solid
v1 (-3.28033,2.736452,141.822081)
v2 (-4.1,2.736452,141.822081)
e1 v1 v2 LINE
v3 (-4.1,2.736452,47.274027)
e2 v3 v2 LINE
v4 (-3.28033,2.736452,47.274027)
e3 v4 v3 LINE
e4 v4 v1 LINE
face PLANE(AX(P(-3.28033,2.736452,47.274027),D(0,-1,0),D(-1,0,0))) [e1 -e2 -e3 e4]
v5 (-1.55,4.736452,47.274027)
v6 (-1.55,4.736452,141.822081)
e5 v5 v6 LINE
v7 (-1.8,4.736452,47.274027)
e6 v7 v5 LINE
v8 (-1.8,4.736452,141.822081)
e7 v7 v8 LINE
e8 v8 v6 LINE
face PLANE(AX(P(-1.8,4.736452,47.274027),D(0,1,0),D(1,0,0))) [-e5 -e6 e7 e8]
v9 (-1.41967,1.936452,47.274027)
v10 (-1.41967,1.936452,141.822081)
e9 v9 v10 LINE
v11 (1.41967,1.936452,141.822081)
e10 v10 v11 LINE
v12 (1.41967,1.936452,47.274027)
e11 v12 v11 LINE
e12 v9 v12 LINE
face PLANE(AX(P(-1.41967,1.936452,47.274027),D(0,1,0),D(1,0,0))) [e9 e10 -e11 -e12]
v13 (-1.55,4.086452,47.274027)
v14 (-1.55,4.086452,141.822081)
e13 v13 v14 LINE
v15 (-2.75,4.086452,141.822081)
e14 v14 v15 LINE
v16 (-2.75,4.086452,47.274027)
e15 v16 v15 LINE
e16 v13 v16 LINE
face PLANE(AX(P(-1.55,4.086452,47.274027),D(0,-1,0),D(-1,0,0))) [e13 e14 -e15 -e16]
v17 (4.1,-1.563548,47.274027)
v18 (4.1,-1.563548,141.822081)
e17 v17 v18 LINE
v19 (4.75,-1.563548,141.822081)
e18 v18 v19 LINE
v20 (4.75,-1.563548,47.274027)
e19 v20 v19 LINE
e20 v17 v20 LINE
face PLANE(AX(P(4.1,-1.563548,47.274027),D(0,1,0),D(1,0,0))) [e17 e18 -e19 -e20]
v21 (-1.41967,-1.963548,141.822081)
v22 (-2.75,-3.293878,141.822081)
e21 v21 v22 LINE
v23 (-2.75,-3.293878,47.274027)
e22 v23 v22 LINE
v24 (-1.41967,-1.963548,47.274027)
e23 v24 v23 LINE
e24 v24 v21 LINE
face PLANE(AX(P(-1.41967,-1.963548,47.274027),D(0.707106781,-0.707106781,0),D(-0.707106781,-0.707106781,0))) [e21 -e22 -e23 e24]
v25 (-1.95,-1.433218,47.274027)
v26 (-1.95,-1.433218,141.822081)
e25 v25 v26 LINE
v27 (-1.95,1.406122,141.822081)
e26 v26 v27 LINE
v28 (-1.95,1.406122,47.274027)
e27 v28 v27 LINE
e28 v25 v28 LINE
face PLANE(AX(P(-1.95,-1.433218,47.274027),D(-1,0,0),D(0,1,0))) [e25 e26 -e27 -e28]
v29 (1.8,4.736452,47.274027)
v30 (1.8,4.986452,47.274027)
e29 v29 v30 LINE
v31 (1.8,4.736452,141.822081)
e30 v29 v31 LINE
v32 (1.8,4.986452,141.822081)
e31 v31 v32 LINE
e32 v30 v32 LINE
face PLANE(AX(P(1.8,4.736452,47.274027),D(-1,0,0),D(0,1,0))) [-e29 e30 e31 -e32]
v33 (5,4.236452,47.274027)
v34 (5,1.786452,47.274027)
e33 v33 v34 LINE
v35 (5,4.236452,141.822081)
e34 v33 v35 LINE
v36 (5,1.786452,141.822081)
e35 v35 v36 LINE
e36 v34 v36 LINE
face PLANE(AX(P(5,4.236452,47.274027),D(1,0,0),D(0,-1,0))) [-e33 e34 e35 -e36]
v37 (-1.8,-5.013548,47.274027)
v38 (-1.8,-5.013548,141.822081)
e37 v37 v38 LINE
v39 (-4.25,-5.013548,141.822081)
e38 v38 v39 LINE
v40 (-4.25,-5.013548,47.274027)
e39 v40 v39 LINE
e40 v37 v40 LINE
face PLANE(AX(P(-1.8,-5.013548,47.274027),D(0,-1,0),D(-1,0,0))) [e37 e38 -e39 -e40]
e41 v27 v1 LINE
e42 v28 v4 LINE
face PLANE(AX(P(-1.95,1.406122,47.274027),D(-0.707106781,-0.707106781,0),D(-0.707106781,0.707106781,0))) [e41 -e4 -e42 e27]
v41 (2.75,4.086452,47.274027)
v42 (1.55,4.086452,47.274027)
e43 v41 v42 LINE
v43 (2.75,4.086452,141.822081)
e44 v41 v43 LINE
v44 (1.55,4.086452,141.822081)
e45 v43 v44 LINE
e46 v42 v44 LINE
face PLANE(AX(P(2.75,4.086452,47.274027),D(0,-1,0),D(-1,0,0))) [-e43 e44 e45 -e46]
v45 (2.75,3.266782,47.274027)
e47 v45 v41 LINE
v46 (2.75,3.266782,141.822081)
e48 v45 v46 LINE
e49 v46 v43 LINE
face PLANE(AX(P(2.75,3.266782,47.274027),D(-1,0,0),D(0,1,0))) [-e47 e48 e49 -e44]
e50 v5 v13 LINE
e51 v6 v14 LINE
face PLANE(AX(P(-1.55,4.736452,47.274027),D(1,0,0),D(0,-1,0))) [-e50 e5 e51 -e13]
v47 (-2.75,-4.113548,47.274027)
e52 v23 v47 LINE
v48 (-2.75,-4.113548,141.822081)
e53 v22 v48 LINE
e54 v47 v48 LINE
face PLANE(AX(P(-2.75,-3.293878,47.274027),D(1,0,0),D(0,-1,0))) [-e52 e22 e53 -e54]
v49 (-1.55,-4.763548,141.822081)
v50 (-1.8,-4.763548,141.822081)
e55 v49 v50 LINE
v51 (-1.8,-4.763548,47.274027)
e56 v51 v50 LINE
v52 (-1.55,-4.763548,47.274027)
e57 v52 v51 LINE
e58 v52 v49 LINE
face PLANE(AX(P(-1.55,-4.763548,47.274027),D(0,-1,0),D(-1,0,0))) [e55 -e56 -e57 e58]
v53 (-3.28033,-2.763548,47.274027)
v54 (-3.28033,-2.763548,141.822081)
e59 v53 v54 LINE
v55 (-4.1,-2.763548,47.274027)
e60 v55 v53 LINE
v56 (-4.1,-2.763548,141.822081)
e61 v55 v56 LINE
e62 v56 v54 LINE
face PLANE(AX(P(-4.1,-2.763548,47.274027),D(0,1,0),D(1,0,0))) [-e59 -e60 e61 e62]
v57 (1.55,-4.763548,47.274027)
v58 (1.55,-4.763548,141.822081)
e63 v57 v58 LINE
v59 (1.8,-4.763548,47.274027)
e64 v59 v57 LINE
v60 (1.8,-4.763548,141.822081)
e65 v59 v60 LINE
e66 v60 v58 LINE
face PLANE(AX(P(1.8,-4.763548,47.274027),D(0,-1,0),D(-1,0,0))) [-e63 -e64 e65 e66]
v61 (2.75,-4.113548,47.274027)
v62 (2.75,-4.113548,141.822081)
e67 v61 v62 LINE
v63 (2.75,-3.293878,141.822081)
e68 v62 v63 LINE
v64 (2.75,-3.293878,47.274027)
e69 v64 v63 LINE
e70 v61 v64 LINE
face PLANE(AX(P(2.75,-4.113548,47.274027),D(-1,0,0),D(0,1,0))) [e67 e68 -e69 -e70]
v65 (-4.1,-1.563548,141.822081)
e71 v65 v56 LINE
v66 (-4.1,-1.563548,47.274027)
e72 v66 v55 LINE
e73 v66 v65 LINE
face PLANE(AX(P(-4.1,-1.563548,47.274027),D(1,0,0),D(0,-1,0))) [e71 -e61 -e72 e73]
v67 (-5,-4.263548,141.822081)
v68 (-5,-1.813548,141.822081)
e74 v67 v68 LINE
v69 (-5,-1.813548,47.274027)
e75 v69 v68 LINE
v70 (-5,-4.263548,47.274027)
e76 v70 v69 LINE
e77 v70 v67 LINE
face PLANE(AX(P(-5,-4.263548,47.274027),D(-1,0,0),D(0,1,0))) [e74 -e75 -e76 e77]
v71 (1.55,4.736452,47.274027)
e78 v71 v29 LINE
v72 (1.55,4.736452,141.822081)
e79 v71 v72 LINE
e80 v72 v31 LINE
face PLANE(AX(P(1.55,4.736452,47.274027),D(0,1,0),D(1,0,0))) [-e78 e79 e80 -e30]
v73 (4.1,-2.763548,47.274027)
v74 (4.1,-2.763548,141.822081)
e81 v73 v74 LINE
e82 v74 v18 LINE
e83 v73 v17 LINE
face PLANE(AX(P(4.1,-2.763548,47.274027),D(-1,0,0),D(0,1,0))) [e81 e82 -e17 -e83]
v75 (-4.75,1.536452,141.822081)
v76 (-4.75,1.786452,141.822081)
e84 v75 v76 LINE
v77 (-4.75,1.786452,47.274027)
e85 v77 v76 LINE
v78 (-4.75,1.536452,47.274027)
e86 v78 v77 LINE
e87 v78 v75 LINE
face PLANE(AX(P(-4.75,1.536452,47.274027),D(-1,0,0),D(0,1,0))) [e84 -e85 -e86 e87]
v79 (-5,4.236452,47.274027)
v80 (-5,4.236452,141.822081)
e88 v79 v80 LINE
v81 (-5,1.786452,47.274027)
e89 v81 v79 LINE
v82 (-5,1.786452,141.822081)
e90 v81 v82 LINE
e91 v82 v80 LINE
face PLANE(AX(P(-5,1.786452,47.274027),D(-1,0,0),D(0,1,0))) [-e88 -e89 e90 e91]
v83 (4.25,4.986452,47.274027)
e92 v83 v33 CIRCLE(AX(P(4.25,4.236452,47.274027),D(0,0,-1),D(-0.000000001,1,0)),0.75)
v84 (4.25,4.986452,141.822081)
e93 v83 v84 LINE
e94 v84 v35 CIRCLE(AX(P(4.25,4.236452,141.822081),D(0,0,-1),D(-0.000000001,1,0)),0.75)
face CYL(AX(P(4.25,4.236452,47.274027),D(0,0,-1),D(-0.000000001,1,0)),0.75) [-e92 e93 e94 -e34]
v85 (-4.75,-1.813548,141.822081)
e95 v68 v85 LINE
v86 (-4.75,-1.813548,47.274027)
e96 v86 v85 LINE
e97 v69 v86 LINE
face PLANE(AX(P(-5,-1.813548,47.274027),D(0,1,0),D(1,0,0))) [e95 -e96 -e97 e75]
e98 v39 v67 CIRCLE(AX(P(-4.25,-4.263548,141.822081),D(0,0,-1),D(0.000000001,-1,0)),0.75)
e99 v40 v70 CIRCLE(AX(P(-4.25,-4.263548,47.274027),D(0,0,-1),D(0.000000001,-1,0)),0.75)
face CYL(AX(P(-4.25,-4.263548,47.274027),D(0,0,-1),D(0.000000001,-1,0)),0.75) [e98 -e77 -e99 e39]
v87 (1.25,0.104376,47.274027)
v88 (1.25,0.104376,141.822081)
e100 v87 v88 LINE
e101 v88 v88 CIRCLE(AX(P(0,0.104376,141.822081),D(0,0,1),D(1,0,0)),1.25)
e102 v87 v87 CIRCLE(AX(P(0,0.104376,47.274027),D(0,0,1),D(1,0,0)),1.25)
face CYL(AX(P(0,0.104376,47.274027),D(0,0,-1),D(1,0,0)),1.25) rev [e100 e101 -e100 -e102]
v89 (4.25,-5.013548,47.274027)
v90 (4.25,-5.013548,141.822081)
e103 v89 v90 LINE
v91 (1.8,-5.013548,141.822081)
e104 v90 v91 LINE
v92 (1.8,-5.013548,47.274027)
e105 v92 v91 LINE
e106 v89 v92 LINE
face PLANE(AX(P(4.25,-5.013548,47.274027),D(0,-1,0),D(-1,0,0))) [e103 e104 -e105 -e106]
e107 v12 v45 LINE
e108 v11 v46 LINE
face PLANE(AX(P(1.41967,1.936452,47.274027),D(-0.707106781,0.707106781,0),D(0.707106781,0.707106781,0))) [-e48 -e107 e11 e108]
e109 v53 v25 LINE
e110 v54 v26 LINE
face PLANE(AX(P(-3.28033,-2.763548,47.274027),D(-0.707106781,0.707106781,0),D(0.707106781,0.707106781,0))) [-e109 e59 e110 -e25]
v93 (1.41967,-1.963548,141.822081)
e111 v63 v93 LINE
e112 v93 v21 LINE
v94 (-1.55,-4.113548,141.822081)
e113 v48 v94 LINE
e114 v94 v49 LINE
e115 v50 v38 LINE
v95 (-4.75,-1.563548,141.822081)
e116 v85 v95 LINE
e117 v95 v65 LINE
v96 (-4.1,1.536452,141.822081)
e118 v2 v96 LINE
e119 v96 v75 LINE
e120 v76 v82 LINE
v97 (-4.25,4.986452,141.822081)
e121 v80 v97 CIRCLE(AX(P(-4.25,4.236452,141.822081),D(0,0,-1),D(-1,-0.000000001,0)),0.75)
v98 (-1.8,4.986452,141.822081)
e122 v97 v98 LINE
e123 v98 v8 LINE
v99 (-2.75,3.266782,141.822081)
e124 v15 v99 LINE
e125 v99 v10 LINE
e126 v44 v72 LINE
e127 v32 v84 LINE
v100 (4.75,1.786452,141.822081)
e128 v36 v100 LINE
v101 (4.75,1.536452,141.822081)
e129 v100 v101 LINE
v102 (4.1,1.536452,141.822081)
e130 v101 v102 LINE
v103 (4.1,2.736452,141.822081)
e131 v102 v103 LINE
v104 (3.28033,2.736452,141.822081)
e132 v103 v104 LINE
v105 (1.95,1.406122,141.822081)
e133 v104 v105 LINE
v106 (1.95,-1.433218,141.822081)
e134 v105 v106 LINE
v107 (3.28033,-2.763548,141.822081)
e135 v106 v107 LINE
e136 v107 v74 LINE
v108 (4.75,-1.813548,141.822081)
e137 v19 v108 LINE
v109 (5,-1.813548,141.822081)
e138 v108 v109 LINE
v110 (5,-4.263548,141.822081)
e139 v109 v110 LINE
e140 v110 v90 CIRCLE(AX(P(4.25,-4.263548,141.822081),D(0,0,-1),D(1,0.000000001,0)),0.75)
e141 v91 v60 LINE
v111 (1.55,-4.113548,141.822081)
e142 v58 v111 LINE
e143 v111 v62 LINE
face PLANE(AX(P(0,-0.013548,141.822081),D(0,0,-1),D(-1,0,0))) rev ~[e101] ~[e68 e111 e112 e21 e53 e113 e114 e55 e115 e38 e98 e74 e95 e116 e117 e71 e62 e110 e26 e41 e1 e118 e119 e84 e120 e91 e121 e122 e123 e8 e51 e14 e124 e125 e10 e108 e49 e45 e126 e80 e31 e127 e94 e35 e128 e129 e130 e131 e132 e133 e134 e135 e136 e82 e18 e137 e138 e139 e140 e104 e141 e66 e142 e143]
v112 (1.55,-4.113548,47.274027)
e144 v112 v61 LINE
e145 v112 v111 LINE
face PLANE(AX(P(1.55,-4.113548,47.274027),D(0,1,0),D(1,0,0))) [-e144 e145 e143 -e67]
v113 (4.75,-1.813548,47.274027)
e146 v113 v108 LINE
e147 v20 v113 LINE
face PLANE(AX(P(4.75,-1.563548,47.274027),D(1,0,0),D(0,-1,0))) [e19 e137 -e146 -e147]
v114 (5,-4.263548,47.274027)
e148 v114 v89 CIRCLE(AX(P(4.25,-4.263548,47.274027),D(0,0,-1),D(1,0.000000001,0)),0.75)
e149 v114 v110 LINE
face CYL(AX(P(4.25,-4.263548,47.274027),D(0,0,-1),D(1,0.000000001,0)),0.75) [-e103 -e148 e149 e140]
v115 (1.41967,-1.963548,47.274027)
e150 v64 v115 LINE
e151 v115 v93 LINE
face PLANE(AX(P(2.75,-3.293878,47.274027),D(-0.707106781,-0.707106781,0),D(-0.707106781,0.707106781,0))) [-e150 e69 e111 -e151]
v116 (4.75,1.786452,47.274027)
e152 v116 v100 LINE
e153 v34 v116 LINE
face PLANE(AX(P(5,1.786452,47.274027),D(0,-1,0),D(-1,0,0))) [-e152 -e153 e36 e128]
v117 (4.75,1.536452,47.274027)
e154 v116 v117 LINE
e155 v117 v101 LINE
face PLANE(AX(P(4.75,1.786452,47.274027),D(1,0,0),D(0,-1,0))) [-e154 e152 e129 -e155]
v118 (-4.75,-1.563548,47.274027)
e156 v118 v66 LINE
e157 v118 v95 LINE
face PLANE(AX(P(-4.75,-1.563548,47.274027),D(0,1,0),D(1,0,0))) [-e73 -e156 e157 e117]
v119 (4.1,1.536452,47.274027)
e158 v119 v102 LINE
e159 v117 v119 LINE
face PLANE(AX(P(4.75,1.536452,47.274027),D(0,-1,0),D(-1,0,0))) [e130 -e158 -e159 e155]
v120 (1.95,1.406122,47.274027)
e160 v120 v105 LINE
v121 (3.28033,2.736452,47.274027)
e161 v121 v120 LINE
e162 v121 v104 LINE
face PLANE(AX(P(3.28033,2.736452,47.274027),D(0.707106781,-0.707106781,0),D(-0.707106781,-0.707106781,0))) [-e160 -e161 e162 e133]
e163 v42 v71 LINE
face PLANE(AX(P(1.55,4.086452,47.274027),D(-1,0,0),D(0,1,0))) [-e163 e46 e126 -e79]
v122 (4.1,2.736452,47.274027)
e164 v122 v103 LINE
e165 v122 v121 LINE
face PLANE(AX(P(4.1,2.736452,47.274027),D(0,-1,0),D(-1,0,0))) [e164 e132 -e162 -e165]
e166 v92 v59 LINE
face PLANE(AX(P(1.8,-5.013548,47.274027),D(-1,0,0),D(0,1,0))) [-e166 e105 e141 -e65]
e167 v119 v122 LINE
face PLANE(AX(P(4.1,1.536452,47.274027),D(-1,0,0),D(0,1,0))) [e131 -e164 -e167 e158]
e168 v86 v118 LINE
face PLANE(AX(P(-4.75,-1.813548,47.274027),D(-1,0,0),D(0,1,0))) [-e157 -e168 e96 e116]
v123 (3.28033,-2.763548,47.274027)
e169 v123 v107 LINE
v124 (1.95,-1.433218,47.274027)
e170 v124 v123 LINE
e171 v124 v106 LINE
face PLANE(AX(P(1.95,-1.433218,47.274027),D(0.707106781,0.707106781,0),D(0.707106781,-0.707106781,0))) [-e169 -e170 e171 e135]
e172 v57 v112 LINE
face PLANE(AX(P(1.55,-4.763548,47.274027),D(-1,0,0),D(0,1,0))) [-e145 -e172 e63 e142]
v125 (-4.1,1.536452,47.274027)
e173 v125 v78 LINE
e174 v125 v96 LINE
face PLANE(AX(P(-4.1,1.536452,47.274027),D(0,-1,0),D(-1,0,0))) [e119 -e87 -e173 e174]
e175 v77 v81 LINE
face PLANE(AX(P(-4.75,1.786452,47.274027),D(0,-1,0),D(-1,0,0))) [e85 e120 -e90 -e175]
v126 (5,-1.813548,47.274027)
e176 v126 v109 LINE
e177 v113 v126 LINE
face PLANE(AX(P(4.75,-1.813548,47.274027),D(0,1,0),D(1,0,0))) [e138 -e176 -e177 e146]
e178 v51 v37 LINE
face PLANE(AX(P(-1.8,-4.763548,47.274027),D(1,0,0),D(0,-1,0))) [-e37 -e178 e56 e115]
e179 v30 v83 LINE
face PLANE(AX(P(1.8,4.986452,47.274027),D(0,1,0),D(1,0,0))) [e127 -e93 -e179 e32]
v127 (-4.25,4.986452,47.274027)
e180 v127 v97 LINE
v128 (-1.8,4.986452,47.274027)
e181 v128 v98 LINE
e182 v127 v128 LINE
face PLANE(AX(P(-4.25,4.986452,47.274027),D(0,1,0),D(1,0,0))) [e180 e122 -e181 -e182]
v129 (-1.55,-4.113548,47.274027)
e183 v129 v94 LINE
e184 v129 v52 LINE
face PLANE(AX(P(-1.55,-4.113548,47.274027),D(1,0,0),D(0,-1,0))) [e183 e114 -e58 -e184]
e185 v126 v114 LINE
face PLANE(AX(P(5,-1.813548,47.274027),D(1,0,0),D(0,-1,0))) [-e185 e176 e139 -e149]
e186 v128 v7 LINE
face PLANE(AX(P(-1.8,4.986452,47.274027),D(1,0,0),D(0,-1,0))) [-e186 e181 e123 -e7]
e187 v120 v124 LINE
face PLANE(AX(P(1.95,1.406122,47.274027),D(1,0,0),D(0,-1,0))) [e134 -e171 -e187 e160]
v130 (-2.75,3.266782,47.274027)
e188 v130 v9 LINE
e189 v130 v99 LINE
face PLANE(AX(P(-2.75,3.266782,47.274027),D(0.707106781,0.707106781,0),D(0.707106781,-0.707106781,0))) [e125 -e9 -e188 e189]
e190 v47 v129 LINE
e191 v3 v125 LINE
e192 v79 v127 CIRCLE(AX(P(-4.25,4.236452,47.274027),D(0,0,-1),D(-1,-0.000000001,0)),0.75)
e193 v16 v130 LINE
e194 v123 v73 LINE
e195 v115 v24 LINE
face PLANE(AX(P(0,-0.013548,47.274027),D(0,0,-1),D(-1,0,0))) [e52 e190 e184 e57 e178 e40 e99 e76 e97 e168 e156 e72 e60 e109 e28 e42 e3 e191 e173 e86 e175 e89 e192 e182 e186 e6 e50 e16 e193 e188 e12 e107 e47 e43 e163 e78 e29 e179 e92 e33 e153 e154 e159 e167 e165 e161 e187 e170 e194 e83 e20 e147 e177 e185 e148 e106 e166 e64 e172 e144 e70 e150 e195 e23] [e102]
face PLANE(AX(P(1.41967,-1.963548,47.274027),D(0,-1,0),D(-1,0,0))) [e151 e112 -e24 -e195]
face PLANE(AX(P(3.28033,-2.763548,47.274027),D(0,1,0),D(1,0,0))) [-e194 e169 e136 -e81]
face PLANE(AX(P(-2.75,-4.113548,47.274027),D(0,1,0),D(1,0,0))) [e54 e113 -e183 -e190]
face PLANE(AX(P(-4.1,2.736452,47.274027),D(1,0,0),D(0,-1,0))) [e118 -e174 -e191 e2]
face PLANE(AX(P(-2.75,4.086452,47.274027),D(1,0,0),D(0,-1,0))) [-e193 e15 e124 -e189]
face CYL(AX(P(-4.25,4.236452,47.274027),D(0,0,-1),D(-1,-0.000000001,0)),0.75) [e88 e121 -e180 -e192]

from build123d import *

# Parameters (mm, degrees)
SKETCH1_R           = 2.5
BOSS_EXTRUDE1_DEPTH = 189.096108091
SCALE_2_SCALE       = 3
SCALE_3_SCALE       = 6
SCALE_5_SCALE       = 2
SCALE_6_SCALE       = 0.25
SCALE_7_SCALE       = 0.125
SCALE_8_SCALE       = 0.25
SCALE_9_SCALE       = 4
SCALE_10_SCALE      = 4
SCALE_11_SCALE      = 0.111111111


with BuildPart() as part:
    # Sketch1 → Boss-Extrude1 (new body)
    with BuildSketch(Plane.XY):
        with BuildLine():
            Line((2.839339828, 3.9), (5.5, 6.560660172))
            Line((5.5, 6.560660172), (5.5, 8.2))
            Line((5.5, 8.2), (3.1, 8.2))
            Line((3.1, 8.2), (3.1, 9.5))
            Line((3.1, 9.5), (3.6, 9.5))
            Line((3.6, 9.5), (3.6, 10))
            Line((3.6, 10), (8.5, 10))
            ThreePointArc((8.5, 10), (9.560660172, 9.560660172), (10, 8.5))
            Line((10, 8.5), (10, 3.6))
            Line((10, 3.6), (9.5, 3.6))
            Line((9.5, 3.6), (9.5, 3.1))
            Line((9.5, 3.1), (8.2, 3.1))
            Line((8.2, 3.1), (8.2, 5.5))
            Line((8.2, 5.5), (6.560660172, 5.5))
            Line((6.560660172, 5.5), (3.9, 2.839339828))
            Line((3.9, 2.839339828), (3.9, -2.839339828))
            Line((3.9, -2.839339828), (6.560660172, -5.5))
            Line((6.560660172, -5.5), (8.2, -5.5))
            Line((8.2, -5.5), (8.2, -3.1))
            Line((8.2, -3.1), (9.5, -3.1))
            Line((9.5, -3.1), (9.5, -3.6))
            Line((9.5, -3.6), (10, -3.6))
            Line((10, -3.6), (10, -8.5))
            ThreePointArc((10, -8.5), (9.560660172, -9.560660172), (8.5, -10))
            Line((8.5, -10), (3.6, -10))
            Line((3.6, -10), (3.6, -9.5))
            Line((3.6, -9.5), (3.1, -9.5))
            Line((3.1, -9.5), (3.1, -8.2))
            Line((3.1, -8.2), (5.5, -8.2))
            Line((5.5, -8.2), (5.5, -6.560660172))
            Line((5.5, -6.560660172), (2.839339828, -3.9))
            Line((2.839339828, -3.9), (-2.839339828, -3.9))
            Line((-2.839339828, -3.9), (-5.5, -6.560660172))
            Line((-5.5, -6.560660172), (-5.5, -8.2))
            Line((-5.5, -8.2), (-3.1, -8.2))
            Line((-3.1, -8.2), (-3.1, -9.5))
            Line((-3.1, -9.5), (-3.6, -9.5))
            Line((-3.6, -9.5), (-3.6, -10))
            Line((-3.6, -10), (-8.5, -10))
            ThreePointArc((-8.5, -10), (-9.560660172, -9.560660172), (-10, -8.5))
            Line((-10, -8.5), (-10, -3.6))
            Line((-10, -3.6), (-9.5, -3.6))
            Line((-9.5, -3.6), (-9.5, -3.1))
            Line((-9.5, -3.1), (-8.2, -3.1))
            Line((-8.2, -3.1), (-8.2, -5.5))
            Line((-8.2, -5.5), (-6.560660172, -5.5))
            Line((-6.560660172, -5.5), (-3.9, -2.839339828))
            Line((-3.9, -2.839339828), (-3.9, 2.839339828))
            Line((-3.9, 2.839339828), (-6.560660172, 5.5))
            Line((-6.560660172, 5.5), (-8.2, 5.5))
            Line((-8.2, 5.5), (-8.2, 3.1))
            Line((-8.2, 3.1), (-9.5, 3.1))
            Line((-9.5, 3.1), (-9.5, 3.6))
            Line((-9.5, 3.6), (-10, 3.6))
            Line((-10, 3.6), (-10, 8.5))
            ThreePointArc((-10, 8.5), (-9.560660172, 9.560660172), (-8.5, 10))
            Line((-8.5, 10), (-3.6, 10))
            Line((-3.6, 10), (-3.6, 9.5))
            Line((-3.6, 9.5), (-3.1, 9.5))
            Line((-3.1, 9.5), (-3.1, 8.2))
            Line((-3.1, 8.2), (-5.5, 8.2))
            Line((-5.5, 8.2), (-5.5, 6.560660172))
            Line((-5.5, 6.560660172), (-2.839339828, 3.9))
            Line((-2.839339828, 3.9), (2.839339828, 3.9))
        make_face()
        with Locations((0, 0.235847297)):
            Circle(SKETCH1_R, mode=Mode.SUBTRACT)
    extrude(amount=BOSS_EXTRUDE1_DEPTH)


with BuildPart() as part_1:
    # 缩放比例2: scaled about (0, -0.027095247, 94.548054046)
    add(part.part.scale(SCALE_2_SCALE).moved(Location((0, 0.054190494, -189.096108092))))


with BuildPart() as part_2:
    # 缩放比例3: scaled about (0, -0.027095247, 94.548054045)
    add(part_1.part.scale(SCALE_3_SCALE).moved(Location((0, 0.135476235, -472.740270225))))


with BuildPart() as part_3:
    # 缩放比例5: scaled about (0, -0.027095249, 94.548054043)
    add(part_2.part.scale(SCALE_5_SCALE).moved(Location((0, 0.027095249, -94.548054043))))


with BuildPart() as part_4:
    # 缩放比例6: scaled about (0, -0.027095249, 94.548054044)
    add(part_3.part.scale(SCALE_6_SCALE).moved(Location((0, -0.020321437, 70.911040533))))


with BuildPart() as part_5:
    # 缩放比例7: scaled about (0, -0.027095249, 94.548054044)
    add(part_4.part.scale(SCALE_7_SCALE).moved(Location((0, -0.023708343, 82.729547289))))


with BuildPart() as part_6:
    # 缩放比例8: scaled about (0, -0.027095249, 94.548054044)
    add(part_5.part.scale(SCALE_8_SCALE).moved(Location((0, -0.020321437, 70.911040533))))


with BuildPart() as part_7:
    # 缩放比例9: scaled about (0, -0.027095249, 94.548054044)
    add(part_6.part.scale(SCALE_9_SCALE).moved(Location((0, 0.081285747, -283.644162132))))


with BuildPart() as part_8:
    # 缩放比例10: scaled about (0, -0.027095249, 94.548054044)
    add(part_7.part.scale(SCALE_10_SCALE).moved(Location((0, 0.081285747, -283.644162132))))


with BuildPart() as part_9:
    # 缩放比例11: scaled about (0, -0.027095249, 94.548054044)
    add(part_8.part.scale(SCALE_11_SCALE).moved(Location((0, -0.024084666, 84.042714706))))


solid = part_9.part
